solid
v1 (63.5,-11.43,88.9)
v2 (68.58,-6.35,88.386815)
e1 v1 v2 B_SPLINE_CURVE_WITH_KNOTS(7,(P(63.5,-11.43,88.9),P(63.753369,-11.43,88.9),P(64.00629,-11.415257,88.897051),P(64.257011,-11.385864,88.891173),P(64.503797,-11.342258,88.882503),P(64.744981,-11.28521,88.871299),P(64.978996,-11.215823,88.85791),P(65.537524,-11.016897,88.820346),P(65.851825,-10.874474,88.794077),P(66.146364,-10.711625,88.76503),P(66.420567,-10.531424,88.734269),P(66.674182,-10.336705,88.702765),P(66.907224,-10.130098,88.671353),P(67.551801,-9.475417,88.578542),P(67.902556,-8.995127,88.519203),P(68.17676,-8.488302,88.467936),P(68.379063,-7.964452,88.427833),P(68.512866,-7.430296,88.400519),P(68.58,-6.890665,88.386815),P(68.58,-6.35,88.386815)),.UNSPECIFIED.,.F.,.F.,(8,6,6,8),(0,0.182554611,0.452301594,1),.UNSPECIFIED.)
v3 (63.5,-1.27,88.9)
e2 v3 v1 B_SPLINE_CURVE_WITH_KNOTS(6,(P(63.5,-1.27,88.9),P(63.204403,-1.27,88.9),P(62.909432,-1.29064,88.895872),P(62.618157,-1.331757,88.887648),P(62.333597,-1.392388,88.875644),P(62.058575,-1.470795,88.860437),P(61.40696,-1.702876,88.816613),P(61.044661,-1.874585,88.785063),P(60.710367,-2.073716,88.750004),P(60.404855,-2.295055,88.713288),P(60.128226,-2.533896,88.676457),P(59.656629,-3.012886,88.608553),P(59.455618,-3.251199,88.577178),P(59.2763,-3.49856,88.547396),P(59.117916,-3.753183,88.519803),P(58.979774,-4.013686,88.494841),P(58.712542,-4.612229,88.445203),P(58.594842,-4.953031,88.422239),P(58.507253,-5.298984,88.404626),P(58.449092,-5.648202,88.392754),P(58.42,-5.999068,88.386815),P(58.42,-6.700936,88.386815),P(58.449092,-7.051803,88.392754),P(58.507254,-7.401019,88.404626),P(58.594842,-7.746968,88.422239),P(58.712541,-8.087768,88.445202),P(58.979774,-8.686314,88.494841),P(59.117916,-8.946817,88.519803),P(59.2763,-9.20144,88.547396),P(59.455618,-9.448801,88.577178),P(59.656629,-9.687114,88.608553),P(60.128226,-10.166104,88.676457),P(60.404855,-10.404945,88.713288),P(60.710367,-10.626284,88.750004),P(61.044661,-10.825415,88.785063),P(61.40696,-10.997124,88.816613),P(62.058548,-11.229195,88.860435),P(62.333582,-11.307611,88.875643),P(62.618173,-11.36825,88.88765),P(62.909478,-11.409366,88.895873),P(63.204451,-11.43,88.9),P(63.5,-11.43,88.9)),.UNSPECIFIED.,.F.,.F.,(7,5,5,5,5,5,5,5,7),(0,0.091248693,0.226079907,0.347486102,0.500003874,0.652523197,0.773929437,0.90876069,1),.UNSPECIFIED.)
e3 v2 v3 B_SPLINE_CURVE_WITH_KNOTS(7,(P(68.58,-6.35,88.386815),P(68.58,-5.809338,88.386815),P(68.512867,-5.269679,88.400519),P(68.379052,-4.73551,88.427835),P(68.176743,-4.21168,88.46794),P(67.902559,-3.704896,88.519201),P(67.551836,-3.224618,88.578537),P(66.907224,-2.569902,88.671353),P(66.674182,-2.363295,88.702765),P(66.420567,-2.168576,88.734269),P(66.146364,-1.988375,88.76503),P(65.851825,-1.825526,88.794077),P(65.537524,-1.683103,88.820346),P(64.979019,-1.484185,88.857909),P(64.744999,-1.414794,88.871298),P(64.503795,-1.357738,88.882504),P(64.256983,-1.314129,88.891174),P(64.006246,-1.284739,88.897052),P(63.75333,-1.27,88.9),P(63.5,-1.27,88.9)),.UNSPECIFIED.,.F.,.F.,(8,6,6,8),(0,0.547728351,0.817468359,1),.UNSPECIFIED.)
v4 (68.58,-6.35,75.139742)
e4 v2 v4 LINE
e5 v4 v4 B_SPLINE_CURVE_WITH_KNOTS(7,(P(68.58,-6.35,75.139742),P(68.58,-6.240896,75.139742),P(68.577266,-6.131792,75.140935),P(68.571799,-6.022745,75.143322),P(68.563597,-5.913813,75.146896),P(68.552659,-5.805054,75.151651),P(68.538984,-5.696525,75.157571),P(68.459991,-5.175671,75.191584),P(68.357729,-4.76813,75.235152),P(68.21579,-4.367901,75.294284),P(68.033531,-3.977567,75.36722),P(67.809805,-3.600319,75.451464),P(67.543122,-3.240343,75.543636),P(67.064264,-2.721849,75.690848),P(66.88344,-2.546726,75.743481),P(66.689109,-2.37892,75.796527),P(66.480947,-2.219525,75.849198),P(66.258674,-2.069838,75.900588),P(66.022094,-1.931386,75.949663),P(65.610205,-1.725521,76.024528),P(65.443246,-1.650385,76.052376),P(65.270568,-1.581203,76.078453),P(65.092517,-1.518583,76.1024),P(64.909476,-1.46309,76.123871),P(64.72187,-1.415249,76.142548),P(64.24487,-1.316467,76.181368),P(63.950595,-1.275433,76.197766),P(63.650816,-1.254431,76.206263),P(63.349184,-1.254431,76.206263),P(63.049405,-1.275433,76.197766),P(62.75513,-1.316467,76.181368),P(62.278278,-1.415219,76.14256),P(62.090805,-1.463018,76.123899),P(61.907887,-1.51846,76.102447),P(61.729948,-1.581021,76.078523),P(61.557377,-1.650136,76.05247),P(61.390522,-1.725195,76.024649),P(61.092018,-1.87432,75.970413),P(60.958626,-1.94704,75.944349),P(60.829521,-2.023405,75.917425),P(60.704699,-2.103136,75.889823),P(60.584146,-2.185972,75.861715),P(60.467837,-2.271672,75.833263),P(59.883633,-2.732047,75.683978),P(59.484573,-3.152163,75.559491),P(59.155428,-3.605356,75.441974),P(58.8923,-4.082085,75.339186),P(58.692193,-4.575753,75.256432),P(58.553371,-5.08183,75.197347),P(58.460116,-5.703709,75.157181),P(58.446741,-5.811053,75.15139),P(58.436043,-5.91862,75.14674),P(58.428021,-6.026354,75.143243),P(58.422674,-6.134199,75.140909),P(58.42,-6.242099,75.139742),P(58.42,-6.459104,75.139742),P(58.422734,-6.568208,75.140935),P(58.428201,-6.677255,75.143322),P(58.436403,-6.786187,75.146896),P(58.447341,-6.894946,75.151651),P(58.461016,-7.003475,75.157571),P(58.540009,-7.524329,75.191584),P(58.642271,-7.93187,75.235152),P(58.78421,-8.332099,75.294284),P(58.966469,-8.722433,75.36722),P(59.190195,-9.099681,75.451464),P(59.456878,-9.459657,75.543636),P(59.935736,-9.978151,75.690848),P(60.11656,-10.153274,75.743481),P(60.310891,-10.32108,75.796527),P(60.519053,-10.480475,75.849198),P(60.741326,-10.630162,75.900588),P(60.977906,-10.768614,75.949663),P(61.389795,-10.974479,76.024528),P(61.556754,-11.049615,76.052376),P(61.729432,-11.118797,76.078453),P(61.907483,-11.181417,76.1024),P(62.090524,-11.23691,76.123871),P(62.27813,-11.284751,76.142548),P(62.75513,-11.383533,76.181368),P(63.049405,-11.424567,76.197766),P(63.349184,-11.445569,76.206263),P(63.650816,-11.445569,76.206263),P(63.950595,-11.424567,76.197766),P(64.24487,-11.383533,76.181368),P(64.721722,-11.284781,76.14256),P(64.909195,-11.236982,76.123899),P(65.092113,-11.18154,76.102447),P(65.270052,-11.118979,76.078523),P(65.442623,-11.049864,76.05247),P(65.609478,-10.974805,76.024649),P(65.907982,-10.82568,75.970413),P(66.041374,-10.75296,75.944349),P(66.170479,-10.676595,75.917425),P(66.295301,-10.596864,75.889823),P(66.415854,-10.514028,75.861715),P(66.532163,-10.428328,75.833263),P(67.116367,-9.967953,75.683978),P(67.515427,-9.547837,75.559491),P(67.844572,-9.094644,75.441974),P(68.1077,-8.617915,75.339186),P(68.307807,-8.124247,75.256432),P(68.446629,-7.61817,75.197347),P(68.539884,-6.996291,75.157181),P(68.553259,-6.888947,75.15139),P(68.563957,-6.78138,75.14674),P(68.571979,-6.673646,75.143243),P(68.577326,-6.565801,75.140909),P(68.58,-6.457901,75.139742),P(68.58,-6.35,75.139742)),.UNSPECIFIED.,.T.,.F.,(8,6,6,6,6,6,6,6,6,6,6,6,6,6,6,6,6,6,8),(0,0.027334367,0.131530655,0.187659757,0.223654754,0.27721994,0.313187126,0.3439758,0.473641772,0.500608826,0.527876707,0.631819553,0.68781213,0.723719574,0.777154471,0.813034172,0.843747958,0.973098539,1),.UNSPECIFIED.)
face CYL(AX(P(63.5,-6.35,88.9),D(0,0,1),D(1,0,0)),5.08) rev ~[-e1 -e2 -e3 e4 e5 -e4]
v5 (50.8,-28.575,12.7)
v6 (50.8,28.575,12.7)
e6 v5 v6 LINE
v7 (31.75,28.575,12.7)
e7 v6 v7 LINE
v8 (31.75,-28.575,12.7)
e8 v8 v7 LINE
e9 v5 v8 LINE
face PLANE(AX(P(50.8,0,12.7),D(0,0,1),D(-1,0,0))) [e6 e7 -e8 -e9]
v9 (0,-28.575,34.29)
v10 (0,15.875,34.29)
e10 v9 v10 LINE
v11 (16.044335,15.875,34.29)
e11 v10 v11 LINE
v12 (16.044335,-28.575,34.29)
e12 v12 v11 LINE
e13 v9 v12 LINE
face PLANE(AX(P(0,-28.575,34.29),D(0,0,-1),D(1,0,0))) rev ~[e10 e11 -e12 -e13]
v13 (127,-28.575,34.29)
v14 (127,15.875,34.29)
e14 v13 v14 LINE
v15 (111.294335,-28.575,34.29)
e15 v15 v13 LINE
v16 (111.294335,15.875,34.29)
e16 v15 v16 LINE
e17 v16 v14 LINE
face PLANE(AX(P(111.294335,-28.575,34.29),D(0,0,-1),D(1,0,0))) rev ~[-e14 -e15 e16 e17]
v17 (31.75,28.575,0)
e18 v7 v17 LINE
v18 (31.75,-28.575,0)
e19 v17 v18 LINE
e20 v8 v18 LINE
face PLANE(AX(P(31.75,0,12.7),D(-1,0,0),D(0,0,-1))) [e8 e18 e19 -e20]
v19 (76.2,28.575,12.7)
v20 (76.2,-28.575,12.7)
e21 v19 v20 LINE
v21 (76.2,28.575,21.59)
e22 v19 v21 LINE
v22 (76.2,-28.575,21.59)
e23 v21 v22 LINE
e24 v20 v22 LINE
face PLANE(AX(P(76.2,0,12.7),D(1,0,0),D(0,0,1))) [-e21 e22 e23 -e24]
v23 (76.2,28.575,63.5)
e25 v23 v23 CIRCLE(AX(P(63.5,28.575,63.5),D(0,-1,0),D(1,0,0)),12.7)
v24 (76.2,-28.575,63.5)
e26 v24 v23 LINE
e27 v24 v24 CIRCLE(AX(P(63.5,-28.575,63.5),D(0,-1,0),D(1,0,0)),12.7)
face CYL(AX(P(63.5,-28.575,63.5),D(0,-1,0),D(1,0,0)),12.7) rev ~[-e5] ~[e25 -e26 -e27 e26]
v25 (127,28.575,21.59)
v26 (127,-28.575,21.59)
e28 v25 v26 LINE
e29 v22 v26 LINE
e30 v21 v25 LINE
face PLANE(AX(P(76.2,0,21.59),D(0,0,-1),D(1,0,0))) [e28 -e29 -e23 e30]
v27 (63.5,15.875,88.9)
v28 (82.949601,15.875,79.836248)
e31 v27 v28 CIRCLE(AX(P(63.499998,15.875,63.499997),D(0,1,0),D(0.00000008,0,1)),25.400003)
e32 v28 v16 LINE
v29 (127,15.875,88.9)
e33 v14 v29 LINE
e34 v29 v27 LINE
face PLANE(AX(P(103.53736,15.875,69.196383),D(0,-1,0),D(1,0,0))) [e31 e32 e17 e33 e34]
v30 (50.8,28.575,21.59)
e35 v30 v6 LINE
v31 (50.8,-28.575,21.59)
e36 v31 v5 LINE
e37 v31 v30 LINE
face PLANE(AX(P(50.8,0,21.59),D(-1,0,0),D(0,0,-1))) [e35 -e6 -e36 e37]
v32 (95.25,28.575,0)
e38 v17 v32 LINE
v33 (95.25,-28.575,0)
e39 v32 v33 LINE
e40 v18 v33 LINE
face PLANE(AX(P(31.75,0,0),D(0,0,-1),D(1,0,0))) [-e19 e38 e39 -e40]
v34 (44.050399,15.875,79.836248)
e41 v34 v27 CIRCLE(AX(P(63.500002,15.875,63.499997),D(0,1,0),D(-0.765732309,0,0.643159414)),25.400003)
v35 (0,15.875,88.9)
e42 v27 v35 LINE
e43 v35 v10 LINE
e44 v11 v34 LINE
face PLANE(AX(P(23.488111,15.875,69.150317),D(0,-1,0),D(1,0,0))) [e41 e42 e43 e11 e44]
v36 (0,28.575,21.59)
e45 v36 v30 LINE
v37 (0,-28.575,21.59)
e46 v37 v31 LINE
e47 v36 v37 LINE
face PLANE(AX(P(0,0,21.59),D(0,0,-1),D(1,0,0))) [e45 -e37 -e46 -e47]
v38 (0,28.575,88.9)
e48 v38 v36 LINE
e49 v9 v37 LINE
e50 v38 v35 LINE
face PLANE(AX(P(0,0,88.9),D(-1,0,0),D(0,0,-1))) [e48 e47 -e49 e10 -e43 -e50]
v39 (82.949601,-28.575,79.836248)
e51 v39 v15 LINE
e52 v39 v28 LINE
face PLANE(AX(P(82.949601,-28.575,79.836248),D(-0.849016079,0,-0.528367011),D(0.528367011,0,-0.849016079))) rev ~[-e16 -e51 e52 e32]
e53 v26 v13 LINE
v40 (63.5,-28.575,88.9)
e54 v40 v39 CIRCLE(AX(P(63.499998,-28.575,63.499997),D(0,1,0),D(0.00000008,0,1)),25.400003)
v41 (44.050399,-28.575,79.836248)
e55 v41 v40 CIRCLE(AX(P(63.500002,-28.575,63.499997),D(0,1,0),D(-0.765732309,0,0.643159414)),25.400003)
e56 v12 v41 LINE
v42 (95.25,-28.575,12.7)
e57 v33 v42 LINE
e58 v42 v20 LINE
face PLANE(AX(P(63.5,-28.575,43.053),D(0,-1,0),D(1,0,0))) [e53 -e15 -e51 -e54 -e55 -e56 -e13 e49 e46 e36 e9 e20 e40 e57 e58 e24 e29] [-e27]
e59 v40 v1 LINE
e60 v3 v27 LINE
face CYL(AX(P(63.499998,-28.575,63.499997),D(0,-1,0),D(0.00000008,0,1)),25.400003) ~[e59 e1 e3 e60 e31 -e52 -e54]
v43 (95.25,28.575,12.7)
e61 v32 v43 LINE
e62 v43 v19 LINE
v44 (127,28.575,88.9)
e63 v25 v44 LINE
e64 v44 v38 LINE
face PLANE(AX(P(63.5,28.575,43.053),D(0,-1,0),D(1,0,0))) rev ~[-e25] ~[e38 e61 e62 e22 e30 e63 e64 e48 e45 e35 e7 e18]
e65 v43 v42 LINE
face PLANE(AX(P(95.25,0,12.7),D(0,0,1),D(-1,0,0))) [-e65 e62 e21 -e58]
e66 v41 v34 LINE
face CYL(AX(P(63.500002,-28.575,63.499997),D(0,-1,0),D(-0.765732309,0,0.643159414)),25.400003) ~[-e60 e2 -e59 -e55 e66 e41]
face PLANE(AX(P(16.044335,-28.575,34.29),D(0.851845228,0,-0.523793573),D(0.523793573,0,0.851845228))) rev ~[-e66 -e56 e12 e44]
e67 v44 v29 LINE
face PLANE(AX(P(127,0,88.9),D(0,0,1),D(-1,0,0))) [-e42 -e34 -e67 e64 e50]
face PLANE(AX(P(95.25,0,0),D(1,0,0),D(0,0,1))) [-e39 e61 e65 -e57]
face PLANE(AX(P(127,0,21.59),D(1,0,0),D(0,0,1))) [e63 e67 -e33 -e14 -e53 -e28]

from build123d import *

# Parameters (mm, degrees)
F1_DEPTH = 28.575
F3_DEPTH = 44.45
F4_R     = 12.7
F5_DEPTH = 57.15
F6_R     = 5.08
F7_DEPTH = 25.4


with BuildPart() as f1:
    # F0 (on Front) → F1 (new body, symmetric)
    with BuildSketch(Plane.XZ):
        Polygon((31.75, 12.7), (31.75, 0), (95.25, 0), (95.25, 12.7), (76.2, 12.7), (76.2, 21.59), (127, 21.59), (127, 88.9), (0, 88.9), (0, 21.59), (50.8, 21.59), (50.8, 12.7), align=None)
    extrude(amount=F1_DEPTH, both=True)

    # F2 (on face) → F3 (cut)
    with BuildSketch(Plane.XZ.offset(28.575)):
        with BuildLine():
            Line((0, 88.9), (0, 34.29))
            Line((0, 34.29), (16.044335, 34.29))
            Line((16.044335, 34.29), (44.050399, 79.836248))
            ThreePointArc((44.050399, 79.836248), (52.771084, 86.522822), (63.5, 88.9))
            Line((63.5, 88.9), (0, 88.9))
        make_face()
        with BuildLine():
            Line((127, 88.9), (63.5, 88.9))
            ThreePointArc((63.5, 88.9), (74.228916, 86.522822), (82.949601, 79.836248))
            Line((82.949601, 79.836248), (111.294335, 34.29))
            Line((111.294335, 34.29), (127, 34.29))
            Line((127, 34.29), (127, 88.9))
        make_face()
    extrude(amount=-F3_DEPTH, mode=Mode.SUBTRACT)

    # F4 (on face) → F5 (cut)
    with BuildSketch(Plane.XZ.offset(28.575)):
        with Locations((63.5, 63.5)):
            Circle(F4_R)
    extrude(amount=-F5_DEPTH, mode=Mode.SUBTRACT)

    # F6 (on face) → F7 (cut)
    with BuildSketch(Plane.XY.offset(88.9)):
        with Locations((63.5, -6.35)):
            Circle(F6_R)
    extrude(amount=-F7_DEPTH, mode=Mode.SUBTRACT)


solid = f1.part
